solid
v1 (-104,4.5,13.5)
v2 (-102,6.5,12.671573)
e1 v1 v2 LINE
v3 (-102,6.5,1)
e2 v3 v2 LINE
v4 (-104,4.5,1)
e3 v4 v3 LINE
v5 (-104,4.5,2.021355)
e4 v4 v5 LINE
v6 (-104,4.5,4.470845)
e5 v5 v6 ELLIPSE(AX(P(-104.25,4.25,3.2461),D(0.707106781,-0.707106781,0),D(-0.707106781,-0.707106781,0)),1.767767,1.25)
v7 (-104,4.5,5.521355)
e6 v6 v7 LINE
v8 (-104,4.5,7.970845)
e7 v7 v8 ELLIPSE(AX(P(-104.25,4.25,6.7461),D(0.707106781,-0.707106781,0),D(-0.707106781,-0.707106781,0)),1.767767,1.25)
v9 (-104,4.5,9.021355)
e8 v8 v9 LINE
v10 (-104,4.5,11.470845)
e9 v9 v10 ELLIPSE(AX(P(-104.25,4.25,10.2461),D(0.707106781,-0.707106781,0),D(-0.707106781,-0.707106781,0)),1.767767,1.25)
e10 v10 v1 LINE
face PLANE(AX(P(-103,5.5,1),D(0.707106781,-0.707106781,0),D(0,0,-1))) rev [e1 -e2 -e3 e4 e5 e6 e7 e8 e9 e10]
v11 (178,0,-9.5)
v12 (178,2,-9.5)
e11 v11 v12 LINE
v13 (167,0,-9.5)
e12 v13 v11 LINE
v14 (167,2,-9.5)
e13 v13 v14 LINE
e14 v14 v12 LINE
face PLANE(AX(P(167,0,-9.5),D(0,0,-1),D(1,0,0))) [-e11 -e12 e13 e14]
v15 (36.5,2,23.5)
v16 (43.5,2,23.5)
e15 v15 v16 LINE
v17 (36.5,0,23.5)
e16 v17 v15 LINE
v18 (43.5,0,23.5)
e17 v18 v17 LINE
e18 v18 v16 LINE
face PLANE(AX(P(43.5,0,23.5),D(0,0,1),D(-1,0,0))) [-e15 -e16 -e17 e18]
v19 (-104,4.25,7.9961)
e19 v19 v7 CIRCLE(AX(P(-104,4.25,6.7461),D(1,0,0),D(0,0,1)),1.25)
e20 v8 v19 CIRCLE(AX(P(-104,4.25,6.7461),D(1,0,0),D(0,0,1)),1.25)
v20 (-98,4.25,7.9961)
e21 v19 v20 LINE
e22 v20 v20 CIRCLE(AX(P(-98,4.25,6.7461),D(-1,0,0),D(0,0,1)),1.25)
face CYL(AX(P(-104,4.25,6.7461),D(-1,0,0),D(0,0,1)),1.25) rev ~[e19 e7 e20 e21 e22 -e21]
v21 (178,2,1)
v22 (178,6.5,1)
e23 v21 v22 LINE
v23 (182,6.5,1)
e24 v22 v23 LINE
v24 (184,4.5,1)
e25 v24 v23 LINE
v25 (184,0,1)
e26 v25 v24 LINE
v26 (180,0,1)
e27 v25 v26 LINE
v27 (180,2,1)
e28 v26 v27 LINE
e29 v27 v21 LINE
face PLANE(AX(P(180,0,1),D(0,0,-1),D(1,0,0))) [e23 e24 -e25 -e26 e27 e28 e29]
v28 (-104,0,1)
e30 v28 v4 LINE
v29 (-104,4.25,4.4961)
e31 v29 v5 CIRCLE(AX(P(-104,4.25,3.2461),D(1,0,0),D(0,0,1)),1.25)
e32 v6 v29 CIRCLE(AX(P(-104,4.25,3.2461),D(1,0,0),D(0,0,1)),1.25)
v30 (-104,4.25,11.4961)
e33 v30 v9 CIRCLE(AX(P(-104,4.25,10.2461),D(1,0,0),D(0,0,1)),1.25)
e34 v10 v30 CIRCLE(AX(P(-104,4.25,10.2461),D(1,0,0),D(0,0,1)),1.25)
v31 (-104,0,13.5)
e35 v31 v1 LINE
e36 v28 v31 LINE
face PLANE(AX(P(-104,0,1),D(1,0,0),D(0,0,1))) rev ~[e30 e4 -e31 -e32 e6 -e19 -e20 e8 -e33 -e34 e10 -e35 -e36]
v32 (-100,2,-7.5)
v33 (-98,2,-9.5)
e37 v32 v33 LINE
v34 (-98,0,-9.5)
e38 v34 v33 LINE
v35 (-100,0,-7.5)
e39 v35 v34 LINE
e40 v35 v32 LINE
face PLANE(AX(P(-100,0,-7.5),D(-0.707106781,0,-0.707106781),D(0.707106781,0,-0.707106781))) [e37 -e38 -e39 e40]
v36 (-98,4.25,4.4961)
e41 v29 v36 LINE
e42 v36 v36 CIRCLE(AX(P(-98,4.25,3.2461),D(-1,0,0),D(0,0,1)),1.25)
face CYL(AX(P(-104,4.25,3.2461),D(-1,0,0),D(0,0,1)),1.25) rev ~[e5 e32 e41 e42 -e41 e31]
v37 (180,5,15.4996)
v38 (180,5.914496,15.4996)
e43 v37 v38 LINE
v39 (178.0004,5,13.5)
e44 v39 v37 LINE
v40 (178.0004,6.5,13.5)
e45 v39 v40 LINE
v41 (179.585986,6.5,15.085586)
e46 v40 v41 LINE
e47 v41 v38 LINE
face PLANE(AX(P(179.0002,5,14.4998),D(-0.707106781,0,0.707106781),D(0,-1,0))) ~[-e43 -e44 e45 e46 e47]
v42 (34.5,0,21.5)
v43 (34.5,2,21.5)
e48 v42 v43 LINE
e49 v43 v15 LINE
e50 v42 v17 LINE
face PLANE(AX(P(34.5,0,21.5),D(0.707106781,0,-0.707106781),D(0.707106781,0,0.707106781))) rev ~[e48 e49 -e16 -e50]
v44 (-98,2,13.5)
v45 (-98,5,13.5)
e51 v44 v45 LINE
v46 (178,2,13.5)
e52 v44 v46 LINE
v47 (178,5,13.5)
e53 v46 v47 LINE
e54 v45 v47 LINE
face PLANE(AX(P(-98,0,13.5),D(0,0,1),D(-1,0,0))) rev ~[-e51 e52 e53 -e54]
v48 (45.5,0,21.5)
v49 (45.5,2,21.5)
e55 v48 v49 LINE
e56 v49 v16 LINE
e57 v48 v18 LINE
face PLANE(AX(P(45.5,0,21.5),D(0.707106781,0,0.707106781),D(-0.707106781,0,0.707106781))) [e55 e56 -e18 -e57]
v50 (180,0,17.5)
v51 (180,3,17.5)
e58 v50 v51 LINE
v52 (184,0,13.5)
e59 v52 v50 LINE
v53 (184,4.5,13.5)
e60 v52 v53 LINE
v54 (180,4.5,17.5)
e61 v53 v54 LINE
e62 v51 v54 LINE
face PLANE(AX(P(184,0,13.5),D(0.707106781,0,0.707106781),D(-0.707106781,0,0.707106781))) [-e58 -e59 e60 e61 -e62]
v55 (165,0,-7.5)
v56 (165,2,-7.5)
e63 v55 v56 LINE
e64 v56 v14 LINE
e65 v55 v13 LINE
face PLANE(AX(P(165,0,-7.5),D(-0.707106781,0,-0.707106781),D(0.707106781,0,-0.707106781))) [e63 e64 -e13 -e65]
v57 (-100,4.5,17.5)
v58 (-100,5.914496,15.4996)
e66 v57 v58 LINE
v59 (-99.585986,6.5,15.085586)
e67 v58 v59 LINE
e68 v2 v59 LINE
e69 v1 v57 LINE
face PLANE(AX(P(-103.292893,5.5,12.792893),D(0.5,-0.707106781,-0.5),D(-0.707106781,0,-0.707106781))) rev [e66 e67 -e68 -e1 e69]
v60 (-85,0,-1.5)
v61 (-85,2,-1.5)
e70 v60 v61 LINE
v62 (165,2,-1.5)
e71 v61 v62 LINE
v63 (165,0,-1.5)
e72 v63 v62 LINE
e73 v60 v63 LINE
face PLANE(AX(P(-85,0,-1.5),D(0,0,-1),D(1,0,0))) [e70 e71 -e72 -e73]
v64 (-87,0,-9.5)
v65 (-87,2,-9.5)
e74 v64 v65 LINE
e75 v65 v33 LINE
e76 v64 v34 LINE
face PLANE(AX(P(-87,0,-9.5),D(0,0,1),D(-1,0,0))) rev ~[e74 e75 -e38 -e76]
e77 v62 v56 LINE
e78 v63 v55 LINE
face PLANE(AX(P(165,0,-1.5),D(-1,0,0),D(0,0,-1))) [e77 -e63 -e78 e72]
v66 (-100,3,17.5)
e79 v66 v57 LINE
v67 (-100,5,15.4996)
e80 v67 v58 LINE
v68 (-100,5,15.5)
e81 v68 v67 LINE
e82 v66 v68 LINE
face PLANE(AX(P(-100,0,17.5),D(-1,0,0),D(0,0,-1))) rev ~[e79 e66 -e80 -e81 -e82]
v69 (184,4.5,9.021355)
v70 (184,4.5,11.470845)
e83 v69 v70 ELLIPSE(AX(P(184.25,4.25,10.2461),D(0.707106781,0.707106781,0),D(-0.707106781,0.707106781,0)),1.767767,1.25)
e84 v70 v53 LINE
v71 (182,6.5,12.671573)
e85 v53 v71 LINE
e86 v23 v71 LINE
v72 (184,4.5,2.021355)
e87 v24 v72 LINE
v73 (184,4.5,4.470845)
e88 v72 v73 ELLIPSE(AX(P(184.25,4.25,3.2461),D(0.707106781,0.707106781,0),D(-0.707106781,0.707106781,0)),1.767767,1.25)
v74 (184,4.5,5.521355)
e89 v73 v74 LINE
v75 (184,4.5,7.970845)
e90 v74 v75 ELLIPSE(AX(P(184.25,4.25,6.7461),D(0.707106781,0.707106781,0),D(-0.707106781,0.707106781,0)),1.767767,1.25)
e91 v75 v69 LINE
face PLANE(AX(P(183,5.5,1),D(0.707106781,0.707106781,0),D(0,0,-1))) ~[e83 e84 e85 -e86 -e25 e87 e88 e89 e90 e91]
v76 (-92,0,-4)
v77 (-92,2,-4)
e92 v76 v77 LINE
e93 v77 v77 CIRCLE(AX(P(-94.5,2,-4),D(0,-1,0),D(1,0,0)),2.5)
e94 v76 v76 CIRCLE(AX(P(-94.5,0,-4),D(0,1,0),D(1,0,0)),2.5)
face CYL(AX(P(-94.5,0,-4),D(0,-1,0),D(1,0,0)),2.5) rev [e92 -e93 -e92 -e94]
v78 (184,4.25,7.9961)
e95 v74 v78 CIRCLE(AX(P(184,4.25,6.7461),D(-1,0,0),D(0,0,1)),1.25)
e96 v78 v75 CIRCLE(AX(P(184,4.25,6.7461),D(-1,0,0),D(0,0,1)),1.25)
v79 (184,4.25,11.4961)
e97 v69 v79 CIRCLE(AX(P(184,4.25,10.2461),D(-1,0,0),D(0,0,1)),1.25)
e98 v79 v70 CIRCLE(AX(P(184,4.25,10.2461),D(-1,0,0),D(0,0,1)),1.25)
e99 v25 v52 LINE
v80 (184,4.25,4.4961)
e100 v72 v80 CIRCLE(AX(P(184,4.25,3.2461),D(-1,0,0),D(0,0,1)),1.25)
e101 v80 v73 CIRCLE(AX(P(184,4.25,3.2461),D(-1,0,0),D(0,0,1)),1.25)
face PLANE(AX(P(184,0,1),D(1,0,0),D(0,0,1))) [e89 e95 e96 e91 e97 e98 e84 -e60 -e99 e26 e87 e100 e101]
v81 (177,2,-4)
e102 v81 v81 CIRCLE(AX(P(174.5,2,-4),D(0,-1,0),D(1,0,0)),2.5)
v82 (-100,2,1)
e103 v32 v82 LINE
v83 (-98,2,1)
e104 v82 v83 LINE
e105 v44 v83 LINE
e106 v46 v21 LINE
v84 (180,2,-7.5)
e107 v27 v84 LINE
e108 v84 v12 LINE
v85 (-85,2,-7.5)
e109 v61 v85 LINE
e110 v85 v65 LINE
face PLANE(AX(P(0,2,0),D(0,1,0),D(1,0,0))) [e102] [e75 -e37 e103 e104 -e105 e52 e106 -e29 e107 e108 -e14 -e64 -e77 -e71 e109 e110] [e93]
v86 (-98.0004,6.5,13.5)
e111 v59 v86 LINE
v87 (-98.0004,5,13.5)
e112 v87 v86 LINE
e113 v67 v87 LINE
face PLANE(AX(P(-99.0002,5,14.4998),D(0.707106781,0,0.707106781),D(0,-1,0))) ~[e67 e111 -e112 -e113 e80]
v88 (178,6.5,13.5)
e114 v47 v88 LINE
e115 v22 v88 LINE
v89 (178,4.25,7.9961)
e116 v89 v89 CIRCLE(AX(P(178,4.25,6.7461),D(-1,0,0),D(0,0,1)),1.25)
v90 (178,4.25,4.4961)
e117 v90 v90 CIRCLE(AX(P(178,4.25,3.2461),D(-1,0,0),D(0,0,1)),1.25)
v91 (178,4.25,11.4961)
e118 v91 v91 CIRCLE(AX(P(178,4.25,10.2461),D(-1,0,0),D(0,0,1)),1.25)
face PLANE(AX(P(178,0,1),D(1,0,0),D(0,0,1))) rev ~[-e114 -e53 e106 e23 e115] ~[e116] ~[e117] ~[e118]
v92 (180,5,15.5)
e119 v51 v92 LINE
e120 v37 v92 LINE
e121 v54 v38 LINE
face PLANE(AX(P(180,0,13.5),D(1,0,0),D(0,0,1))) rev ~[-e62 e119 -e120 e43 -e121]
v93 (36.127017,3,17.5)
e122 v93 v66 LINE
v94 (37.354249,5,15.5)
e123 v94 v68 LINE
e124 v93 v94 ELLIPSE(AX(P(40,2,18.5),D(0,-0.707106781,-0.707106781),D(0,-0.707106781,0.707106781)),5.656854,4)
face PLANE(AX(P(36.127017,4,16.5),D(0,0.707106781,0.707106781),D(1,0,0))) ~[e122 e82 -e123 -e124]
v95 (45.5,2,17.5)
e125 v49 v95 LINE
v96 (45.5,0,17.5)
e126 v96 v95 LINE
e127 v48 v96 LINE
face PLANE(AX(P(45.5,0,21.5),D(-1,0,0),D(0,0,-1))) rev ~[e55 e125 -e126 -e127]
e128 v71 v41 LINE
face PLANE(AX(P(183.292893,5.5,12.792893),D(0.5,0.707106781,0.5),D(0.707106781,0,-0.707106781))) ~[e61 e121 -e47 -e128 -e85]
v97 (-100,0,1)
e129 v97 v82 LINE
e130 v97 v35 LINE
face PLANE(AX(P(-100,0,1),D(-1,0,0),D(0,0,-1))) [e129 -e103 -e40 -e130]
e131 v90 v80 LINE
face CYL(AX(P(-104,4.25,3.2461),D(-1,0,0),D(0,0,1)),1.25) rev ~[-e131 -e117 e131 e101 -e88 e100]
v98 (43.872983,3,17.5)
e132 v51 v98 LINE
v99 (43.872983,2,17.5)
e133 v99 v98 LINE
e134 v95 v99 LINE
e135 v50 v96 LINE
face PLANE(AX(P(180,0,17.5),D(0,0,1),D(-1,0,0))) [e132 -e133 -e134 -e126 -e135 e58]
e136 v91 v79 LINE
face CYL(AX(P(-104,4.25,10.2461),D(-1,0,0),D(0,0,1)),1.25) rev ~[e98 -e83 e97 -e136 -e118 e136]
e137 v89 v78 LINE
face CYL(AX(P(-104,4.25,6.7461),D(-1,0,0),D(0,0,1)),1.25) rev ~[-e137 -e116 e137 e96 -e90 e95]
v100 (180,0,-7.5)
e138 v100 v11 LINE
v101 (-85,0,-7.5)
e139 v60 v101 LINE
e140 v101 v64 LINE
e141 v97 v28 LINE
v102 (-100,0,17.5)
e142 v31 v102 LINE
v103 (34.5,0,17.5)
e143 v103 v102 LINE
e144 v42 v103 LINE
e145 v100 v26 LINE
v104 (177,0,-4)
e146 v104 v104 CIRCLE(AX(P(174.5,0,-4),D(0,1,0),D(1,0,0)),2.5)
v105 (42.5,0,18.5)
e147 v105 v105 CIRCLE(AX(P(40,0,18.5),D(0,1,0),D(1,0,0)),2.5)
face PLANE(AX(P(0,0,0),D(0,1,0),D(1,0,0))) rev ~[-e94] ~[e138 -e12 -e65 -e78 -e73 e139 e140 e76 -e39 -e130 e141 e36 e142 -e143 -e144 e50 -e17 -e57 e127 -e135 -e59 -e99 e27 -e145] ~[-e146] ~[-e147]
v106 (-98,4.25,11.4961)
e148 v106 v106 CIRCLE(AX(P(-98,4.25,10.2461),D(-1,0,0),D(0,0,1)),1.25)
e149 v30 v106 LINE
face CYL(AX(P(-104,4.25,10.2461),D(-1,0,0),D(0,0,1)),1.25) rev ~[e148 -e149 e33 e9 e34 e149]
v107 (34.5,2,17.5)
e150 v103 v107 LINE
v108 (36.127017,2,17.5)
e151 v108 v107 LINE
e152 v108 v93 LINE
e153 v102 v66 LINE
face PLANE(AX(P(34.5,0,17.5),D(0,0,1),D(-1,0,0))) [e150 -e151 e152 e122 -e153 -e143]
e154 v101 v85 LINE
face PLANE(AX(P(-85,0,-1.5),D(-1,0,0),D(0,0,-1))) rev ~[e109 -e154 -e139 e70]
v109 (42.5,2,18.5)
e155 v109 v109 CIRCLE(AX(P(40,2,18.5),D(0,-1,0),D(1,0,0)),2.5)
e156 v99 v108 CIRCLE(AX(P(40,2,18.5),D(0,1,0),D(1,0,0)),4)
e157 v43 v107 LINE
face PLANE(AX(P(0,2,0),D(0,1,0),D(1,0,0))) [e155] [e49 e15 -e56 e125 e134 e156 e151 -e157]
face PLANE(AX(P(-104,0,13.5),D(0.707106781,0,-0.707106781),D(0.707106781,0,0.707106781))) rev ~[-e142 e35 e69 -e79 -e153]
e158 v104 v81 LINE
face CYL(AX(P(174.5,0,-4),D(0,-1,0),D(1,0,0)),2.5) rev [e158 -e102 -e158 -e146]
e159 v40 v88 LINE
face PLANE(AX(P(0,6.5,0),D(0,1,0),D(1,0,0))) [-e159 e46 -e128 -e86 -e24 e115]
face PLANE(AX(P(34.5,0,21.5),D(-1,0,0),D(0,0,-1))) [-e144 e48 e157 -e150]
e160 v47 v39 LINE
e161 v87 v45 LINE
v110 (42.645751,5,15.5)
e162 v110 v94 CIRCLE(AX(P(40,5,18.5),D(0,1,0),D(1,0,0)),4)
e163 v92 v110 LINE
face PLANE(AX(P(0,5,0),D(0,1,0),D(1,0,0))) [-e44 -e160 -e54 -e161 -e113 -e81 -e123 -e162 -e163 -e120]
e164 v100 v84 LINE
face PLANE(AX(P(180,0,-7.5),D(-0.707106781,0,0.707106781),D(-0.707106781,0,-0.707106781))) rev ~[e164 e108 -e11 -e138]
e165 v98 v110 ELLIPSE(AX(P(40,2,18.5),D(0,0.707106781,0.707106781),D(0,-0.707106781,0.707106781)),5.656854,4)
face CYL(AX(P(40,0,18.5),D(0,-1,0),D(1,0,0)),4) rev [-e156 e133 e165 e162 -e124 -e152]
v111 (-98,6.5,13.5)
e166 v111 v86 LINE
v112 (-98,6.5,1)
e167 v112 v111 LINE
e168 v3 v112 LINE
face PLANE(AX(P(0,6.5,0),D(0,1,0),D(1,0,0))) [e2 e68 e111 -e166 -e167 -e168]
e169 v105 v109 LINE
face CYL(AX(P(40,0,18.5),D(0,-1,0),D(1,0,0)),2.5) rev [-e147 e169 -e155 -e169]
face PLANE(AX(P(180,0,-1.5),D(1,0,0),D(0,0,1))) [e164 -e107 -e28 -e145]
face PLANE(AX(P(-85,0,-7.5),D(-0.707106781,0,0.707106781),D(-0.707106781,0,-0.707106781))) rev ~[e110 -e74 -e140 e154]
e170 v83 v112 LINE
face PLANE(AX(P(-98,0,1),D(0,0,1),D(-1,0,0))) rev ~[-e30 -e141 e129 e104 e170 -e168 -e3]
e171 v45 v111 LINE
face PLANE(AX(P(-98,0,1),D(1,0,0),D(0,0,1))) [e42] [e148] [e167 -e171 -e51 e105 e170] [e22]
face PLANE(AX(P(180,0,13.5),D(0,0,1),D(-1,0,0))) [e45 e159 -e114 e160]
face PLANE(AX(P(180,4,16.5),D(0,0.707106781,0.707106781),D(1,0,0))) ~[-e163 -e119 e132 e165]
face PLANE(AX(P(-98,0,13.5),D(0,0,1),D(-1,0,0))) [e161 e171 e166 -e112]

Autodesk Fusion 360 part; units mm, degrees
sketch "base" plane through (0, 0, 0) normal (0, 1, 0) x (1, 0, 0)
  line L0 (-100, 1.5) -> (180, 1.5)
  line L1 (180, 1.5) -> (180, -13.5)
  line L2 (180, -13.5) -> (-100, -13.5)
  line L3 (-100, -13.5) -> (-100, 1.5)
  line L4 (-100, -13.5) -> (180, -13.5)
  line L5 (180, -13.5) -> (180, -17.5)
  line L6 (180, -17.5) -> (-100, -17.5)
  line L7 (-100, -17.5) -> (-100, -13.5)
  line L8 (-100, 1.5) -> (-85, 1.5) construction
  circle A0 centre (-94.5, 4) radius 2.5
  line L9 (-100, 1.5) -> (-100, 7.5)
  line L10 (-100, 7.5) -> (-98, 9.5)
  line L11 (-85, 1.5) -> (-85, 7.5)
  line L12 (-85, 7.5) -> (-87, 9.5)
  line L13 (-87, 9.5) -> (-98, 9.5)
  line L14 (40, 6.0385) -> (40, -33.3841) construction
  line L15 (167, 9.5) -> (178, 9.5)
  line L16 (180, 7.5) -> (178, 9.5)
  line L17 (180, 1.5) -> (180, 7.5)
  circle A1 centre (174.5, 4) radius 2.5
  line L18 (165, 7.5) -> (167, 9.5)
  line L19 (165, 1.5) -> (165, 7.5)
  circle A2 centre (40, -18.5) radius 2.5
  line L20 (34.5, -21.5) -> (36.5, -21.5) construction
  line L21 (36.5, -21.5) -> (36.5, -23.5) construction
  line L22 (34.5, -21.5) -> (36.5, -23.5)
  line L23 (36.5, -23.5) -> (40, -23.5)
  circle A3 centre (40, -18.5) radius 3.75 construction
  circle A4 centre (40, -18.5) radius 4
  line L24 (34.5, -21.5) -> (34.5, -17.5)
  line L25 (45.5, -21.5) -> (45.5, -17.5)
  line L26 (45.5, -21.5) -> (43.5, -23.5)
  line L27 (43.5, -23.5) -> (40, -23.5)
  line L28 (-98, -13) -> (-98, -1) construction
  line L29 (-98, -1) -> (-104, -1)
  line L30 (-104, -1) -> (-104, -13.5)
  line L31 (-104, -13.5) -> (-100, -17.5)
  line L32 (-98, -1) -> (-98, -13.5)
  line L33 (178, -13) -> (178, -1) construction
  line L34 (178, -1) -> (178, -13.5)
  line L35 (178, -1) -> (184, -1)
  line L36 (184, -1) -> (184, -13.5)
  line L37 (184, -13.5) -> (180, -17.5)
  circle A5 centre (-94.5, 4) radius 3.75 construction
  circle A6 centre (174.5, 4) radius 3.75 construction
  dimension "d1" = 280
  dimension "d2" = 15
  dimension "d3" = 4
  dimension "d4" = 280
  dimension "d5" = 15
  dimension "d7" = 5
  dimension "d8" = 2.5
  dimension "d11" = 140
  dimension "d16" = 5
  dimension "d17" = 5
  dimension "d20" = 2
  dimension "d21" = 2
  dimension "d22" = 7.5
  dimension "d23" = 8
  dimension "d29" = 12.5
  dimension "d42" = 7.5
  dimension "d43" = 7.5
extrude "Extrude1" add sketch "base" along normal blind 2 contours L0 L1 L2 L3 L4 L29 L32 L34 L35 | L0 L9 L10 L11 L12 L13 | L0 L15 L16 L17 L18 L19 | L2 L3 L4 L29 L32 | L1 L2 L4 L34 L35 | L6 L22 L23 A4 L24 L25 L26 L27 | L6 A2 A4 | L6 A2 A4 makes body 1 at (-1.6667, 0, 8.5) makes body 2 at (39.9377, 0, 22.6643)
extrude "Extrude2" add sketch "base" along normal blind 5 contours L2 L4 L5 L6 L7 A4 bodies 1 2
chamfer "Chamfer1" distance 2 angle 45 2 edges at (-31.9365, 5, 17.5) (111.9365, 5, 17.5) on bodies 1
extrude "Extrude3" add sketch "base" along normal blind 6.5 contours L2 L3 L4 L29 L32 | L3 L7 L29 L30 L31 | L1 L5 L35 L36 L37 | L1 L2 L4 L34 L35 bodies 1
chamfer "Chamfer2" distance 2 angle 45 4 edges at (182, 6.5, 15.5) (184, 6.5, 7.25) (-102, 6.5, 15.5) (-104, 6.5, 7.25) on bodies 1
sketch "Sketch2" plane through (-104, 0, 0) normal (-1, 0, 0) x (0, 0, 1)
  line L0 (13.5, 4.5) -> (1, 4.5)
  line L1 (1, 4.5) -> (1, 0)
  line L2 (1, 0) -> (13.5, 0)
  line L3 (13.5, 0) -> (13.5, 4.5)
  circle A0 centre (3.2461, 4.25) radius 1.25
  line L4 (-7.5, 2) -> (1, 2)
  circle A1 centre (3.2461, 4.25) radius 1.25
  circle A2 centre (6.7461, 4.25) radius 1.25
  circle A3 centre (10.2461, 4.25) radius 1.25
  dimension "d33" = 2.5
  dimension "d36" = 2.25
  dimension "d37" = 2.5
  dimension "d38" = 2.5
  dimension "d39" = 2.5
extrude "Extrude4" cut sketch "Sketch2" against normal blind 300 contours L0 A3 | L0 A3 | L0 A2 | L0 A2 | L0 A0 A1 | L0 A0 A1 bodies 1
chamfer "Chamfer4" distance 2 angle 45 2 edges at (180, 5.75, 13.5) (-100, 5.75, 13.5) on bodies 1
